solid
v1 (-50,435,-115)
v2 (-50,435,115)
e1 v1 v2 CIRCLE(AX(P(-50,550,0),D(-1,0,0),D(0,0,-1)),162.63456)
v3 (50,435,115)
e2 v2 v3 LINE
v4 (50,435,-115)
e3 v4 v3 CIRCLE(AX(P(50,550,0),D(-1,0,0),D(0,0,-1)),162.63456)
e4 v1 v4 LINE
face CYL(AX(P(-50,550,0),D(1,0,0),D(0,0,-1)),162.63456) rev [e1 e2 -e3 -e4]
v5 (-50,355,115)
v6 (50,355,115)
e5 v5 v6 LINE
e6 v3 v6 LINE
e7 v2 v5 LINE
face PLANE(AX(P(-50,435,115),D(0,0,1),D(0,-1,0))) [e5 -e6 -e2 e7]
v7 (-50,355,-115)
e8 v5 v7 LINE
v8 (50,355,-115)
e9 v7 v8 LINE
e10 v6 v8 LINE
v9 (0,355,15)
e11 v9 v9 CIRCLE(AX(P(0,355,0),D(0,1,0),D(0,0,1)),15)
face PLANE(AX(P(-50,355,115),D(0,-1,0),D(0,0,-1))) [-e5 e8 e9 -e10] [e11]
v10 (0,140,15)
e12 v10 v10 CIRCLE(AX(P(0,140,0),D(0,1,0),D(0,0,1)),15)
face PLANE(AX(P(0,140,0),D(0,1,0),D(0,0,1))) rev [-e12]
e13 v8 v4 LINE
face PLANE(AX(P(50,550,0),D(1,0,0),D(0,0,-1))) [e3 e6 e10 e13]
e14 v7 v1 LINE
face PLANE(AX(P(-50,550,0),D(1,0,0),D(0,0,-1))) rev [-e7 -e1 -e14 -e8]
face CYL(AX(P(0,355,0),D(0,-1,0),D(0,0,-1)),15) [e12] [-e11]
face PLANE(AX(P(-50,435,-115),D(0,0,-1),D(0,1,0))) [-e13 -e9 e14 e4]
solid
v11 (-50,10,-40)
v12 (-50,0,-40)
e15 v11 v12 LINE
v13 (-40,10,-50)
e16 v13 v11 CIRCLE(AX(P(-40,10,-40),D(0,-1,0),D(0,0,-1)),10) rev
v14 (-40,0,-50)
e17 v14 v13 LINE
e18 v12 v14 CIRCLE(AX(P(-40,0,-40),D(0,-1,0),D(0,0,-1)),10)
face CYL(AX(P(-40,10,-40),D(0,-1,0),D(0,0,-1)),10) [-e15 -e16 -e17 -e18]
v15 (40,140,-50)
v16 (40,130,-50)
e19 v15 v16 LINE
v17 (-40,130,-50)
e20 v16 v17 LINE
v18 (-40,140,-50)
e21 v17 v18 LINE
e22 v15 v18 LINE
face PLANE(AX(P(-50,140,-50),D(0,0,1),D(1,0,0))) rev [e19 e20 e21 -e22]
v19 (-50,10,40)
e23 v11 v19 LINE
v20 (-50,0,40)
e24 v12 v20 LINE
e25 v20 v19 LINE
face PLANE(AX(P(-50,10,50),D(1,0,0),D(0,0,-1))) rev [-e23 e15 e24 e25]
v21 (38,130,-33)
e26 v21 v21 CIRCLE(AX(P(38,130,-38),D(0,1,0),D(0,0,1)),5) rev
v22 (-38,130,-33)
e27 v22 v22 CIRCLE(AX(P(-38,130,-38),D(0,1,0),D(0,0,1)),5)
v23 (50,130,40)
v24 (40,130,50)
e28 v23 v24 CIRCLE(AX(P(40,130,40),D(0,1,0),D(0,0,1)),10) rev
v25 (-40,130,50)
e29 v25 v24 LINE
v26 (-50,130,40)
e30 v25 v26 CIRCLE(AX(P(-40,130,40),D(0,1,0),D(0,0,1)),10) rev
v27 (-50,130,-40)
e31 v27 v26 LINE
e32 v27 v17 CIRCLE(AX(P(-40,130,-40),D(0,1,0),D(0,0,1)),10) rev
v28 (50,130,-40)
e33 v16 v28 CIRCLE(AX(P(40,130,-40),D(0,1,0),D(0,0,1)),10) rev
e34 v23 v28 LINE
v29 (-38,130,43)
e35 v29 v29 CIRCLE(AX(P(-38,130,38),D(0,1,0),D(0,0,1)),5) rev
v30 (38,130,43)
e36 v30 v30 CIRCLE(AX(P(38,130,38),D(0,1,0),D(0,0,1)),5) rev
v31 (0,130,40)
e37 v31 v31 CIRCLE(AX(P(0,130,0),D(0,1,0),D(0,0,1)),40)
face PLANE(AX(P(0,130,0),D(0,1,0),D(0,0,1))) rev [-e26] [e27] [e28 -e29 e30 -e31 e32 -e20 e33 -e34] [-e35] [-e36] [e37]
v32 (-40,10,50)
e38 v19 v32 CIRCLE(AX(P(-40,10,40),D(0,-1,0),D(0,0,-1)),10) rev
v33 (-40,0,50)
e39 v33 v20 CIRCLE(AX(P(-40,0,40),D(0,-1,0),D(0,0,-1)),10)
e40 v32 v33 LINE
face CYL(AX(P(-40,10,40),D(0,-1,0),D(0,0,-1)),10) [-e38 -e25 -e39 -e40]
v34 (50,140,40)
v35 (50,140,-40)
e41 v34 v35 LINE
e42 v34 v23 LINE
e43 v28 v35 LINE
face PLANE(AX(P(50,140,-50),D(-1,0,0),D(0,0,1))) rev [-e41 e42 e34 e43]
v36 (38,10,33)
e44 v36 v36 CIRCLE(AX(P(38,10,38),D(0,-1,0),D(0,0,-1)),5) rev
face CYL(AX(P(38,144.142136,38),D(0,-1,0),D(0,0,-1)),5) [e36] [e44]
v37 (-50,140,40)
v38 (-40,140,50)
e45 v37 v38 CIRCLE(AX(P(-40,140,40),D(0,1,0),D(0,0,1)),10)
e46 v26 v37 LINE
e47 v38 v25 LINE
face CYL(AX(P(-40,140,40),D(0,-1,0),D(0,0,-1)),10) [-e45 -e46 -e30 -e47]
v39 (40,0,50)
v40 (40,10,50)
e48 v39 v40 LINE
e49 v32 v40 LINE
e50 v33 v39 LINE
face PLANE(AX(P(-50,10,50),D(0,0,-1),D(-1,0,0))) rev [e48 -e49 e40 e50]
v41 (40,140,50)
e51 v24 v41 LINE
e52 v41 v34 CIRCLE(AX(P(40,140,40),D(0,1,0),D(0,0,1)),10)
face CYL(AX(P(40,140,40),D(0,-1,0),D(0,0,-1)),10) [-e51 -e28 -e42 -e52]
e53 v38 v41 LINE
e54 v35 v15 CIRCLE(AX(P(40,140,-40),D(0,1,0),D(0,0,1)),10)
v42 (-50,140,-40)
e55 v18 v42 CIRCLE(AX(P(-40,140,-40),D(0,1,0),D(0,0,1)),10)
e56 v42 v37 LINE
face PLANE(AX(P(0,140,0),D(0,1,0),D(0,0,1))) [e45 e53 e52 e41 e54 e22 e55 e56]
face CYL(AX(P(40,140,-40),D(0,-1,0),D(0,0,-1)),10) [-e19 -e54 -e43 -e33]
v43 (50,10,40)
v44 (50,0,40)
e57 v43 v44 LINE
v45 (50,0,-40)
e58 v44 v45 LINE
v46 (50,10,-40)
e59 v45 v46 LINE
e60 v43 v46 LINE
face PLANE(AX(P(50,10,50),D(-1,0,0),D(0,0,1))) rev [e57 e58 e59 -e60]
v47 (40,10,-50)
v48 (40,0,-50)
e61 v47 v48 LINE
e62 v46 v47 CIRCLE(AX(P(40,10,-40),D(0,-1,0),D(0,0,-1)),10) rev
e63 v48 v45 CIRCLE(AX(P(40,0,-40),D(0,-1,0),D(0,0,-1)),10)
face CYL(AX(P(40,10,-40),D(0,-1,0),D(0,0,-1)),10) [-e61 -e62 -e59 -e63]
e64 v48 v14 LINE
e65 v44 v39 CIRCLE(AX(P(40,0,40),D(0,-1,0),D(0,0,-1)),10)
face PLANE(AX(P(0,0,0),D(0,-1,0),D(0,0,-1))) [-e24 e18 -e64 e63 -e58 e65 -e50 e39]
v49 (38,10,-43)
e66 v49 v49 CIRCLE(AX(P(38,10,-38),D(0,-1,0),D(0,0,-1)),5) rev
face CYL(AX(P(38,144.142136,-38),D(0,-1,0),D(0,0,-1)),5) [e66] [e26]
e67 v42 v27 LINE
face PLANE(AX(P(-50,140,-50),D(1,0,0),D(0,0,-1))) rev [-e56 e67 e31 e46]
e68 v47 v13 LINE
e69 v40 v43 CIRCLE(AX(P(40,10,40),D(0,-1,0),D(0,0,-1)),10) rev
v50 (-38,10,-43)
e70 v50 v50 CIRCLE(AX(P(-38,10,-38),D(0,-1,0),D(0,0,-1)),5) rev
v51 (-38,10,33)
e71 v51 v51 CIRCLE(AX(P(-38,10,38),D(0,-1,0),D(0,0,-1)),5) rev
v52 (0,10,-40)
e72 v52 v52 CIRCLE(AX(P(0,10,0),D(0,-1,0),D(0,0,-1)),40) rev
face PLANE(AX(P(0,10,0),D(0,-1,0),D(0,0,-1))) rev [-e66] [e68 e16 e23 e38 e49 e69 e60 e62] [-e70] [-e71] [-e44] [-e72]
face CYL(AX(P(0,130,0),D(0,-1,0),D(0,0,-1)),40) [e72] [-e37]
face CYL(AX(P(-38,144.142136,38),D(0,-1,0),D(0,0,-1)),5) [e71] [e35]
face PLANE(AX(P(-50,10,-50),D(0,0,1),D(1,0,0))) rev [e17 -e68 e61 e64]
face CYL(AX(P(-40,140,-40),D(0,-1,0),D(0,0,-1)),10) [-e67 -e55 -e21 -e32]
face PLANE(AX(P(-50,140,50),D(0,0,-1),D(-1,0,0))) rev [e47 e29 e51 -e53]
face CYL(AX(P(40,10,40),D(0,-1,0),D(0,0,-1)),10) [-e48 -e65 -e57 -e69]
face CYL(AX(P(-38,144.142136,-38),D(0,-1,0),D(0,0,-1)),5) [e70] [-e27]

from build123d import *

# Parameters (mm, degrees)
SKETCH1_W                = 100
SKETCH1_H                = 100
BOSS_EXTRUDE1_DEPTH      = 10
SKETCH2_R                = 40
BOSS_EXTRUDE2_DEPTH      = 120
SKETCH3_W                = 100
SKETCH3_H                = 100
BOSS_EXTRUDE3_DEPTH      = 10
SKETCH4_R                = 15
BOSS_EXTRUDE4_DEPTH      = 215
SKETCH5_R                = 5
BOSS_EXTRUDE5_DEPTH      = 120
FILLET1_R                = 10
BOSS_EXTRUDE6_DEPTH      = 50
BOSS_EXTRUDE6_DEPTH_BACK = 50


with BuildPart() as part:
    # Sketch1 → Boss-Extrude1 (new body)
    with BuildSketch(Plane(origin=(0, 0, 0), x_dir=(1, 0, 0), z_dir=(0, 1, 0))):
        Rectangle(SKETCH1_W, SKETCH1_H)
    extrude(amount=BOSS_EXTRUDE1_DEPTH)



with BuildPart() as body_2:
    # Sketch2 → Boss-Extrude2 (new body)
    with BuildSketch(Plane(origin=(0, 10, 0), x_dir=(1, 0, 0), z_dir=(0, 1, 0))):
        with Locations(Location((0, 0, 0), (0, 0, 270))):
            Circle(SKETCH2_R)
    extrude(amount=BOSS_EXTRUDE2_DEPTH)


with BuildPart() as body_3:
    # Sketch3 → Boss-Extrude3 (new body)
    with BuildSketch(Plane(origin=(0, 130, 0), x_dir=(1, 0, 0), z_dir=(0, 1, 0))):
        Rectangle(SKETCH3_W, SKETCH3_H)
    extrude(amount=BOSS_EXTRUDE3_DEPTH)


with BuildPart() as body_4:
    # Sketch4 → Boss-Extrude4 (new body)
    with BuildSketch(Plane(origin=(0, 140, 0), x_dir=(1, 0, 0), z_dir=(0, 1, 0))):
        with Locations(Location((0, 0, 0), (0, 0, 270))):
            Circle(SKETCH4_R)
    extrude(amount=BOSS_EXTRUDE4_DEPTH)

    # Sketch6 → Boss-Extrude6 (add, two sides: drawn at the far end of the back side and taken through both)
    with BuildSketch(Plane(origin=(0, 0, 0), x_dir=(0, 0, -1), z_dir=(1, 0, 0)).offset(-BOSS_EXTRUDE6_DEPTH_BACK)):
        with BuildLine():
            Line((-115, 435), (-115, 355))
            Line((-115, 355), (115, 355))
            Line((115, 355), (115, 435))
            ThreePointArc((115, 435), (0, 387.365440327), (-115, 435))
        make_face()
    extrude(amount=BOSS_EXTRUDE6_DEPTH + BOSS_EXTRUDE6_DEPTH_BACK)


with BuildPart() as part_1:
    add(part.part)

    add(body_2.part)  # Boss-Extrude5 merges body 2

    add(body_3.part)  # Boss-Extrude5 merges body 3
    # Sketch5 → Boss-Extrude5 (add)
    with BuildSketch(Plane(origin=(0, 10, 0), x_dir=(1, 0, 0), z_dir=(0, 1, 0))):
        with Locations(Location((-38, 38, 0), (0, 0, 90))):
            Circle(SKETCH5_R)
        with Locations(Location((38, 38, 0), (0, 0, 90))):
            Circle(SKETCH5_R)
        with Locations(Location((38, -38, 0), (0, 0, 90))):
            Circle(SKETCH5_R)
        with Locations(Location((-38, -38, 0), (0, 0, 90))):
            Circle(SKETCH5_R)
    extrude(amount=BOSS_EXTRUDE5_DEPTH)

    # Fillet1
    fillet1_edges = [part_1.edges().sort_by_distance(p)[0] for p in [
        (-50, 135, -50),
        (-50, 135, 50),
        (50, 135, 50),
        (50, 135, -50),
        (50, 5, 50),
        (-50, 5, 50),
        (-50, 5, -50),
        (50, 5, -50),
    ]]
    fillet(fillet1_edges, radius=FILLET1_R)


solid = Compound([body_4.part, part_1.part])
